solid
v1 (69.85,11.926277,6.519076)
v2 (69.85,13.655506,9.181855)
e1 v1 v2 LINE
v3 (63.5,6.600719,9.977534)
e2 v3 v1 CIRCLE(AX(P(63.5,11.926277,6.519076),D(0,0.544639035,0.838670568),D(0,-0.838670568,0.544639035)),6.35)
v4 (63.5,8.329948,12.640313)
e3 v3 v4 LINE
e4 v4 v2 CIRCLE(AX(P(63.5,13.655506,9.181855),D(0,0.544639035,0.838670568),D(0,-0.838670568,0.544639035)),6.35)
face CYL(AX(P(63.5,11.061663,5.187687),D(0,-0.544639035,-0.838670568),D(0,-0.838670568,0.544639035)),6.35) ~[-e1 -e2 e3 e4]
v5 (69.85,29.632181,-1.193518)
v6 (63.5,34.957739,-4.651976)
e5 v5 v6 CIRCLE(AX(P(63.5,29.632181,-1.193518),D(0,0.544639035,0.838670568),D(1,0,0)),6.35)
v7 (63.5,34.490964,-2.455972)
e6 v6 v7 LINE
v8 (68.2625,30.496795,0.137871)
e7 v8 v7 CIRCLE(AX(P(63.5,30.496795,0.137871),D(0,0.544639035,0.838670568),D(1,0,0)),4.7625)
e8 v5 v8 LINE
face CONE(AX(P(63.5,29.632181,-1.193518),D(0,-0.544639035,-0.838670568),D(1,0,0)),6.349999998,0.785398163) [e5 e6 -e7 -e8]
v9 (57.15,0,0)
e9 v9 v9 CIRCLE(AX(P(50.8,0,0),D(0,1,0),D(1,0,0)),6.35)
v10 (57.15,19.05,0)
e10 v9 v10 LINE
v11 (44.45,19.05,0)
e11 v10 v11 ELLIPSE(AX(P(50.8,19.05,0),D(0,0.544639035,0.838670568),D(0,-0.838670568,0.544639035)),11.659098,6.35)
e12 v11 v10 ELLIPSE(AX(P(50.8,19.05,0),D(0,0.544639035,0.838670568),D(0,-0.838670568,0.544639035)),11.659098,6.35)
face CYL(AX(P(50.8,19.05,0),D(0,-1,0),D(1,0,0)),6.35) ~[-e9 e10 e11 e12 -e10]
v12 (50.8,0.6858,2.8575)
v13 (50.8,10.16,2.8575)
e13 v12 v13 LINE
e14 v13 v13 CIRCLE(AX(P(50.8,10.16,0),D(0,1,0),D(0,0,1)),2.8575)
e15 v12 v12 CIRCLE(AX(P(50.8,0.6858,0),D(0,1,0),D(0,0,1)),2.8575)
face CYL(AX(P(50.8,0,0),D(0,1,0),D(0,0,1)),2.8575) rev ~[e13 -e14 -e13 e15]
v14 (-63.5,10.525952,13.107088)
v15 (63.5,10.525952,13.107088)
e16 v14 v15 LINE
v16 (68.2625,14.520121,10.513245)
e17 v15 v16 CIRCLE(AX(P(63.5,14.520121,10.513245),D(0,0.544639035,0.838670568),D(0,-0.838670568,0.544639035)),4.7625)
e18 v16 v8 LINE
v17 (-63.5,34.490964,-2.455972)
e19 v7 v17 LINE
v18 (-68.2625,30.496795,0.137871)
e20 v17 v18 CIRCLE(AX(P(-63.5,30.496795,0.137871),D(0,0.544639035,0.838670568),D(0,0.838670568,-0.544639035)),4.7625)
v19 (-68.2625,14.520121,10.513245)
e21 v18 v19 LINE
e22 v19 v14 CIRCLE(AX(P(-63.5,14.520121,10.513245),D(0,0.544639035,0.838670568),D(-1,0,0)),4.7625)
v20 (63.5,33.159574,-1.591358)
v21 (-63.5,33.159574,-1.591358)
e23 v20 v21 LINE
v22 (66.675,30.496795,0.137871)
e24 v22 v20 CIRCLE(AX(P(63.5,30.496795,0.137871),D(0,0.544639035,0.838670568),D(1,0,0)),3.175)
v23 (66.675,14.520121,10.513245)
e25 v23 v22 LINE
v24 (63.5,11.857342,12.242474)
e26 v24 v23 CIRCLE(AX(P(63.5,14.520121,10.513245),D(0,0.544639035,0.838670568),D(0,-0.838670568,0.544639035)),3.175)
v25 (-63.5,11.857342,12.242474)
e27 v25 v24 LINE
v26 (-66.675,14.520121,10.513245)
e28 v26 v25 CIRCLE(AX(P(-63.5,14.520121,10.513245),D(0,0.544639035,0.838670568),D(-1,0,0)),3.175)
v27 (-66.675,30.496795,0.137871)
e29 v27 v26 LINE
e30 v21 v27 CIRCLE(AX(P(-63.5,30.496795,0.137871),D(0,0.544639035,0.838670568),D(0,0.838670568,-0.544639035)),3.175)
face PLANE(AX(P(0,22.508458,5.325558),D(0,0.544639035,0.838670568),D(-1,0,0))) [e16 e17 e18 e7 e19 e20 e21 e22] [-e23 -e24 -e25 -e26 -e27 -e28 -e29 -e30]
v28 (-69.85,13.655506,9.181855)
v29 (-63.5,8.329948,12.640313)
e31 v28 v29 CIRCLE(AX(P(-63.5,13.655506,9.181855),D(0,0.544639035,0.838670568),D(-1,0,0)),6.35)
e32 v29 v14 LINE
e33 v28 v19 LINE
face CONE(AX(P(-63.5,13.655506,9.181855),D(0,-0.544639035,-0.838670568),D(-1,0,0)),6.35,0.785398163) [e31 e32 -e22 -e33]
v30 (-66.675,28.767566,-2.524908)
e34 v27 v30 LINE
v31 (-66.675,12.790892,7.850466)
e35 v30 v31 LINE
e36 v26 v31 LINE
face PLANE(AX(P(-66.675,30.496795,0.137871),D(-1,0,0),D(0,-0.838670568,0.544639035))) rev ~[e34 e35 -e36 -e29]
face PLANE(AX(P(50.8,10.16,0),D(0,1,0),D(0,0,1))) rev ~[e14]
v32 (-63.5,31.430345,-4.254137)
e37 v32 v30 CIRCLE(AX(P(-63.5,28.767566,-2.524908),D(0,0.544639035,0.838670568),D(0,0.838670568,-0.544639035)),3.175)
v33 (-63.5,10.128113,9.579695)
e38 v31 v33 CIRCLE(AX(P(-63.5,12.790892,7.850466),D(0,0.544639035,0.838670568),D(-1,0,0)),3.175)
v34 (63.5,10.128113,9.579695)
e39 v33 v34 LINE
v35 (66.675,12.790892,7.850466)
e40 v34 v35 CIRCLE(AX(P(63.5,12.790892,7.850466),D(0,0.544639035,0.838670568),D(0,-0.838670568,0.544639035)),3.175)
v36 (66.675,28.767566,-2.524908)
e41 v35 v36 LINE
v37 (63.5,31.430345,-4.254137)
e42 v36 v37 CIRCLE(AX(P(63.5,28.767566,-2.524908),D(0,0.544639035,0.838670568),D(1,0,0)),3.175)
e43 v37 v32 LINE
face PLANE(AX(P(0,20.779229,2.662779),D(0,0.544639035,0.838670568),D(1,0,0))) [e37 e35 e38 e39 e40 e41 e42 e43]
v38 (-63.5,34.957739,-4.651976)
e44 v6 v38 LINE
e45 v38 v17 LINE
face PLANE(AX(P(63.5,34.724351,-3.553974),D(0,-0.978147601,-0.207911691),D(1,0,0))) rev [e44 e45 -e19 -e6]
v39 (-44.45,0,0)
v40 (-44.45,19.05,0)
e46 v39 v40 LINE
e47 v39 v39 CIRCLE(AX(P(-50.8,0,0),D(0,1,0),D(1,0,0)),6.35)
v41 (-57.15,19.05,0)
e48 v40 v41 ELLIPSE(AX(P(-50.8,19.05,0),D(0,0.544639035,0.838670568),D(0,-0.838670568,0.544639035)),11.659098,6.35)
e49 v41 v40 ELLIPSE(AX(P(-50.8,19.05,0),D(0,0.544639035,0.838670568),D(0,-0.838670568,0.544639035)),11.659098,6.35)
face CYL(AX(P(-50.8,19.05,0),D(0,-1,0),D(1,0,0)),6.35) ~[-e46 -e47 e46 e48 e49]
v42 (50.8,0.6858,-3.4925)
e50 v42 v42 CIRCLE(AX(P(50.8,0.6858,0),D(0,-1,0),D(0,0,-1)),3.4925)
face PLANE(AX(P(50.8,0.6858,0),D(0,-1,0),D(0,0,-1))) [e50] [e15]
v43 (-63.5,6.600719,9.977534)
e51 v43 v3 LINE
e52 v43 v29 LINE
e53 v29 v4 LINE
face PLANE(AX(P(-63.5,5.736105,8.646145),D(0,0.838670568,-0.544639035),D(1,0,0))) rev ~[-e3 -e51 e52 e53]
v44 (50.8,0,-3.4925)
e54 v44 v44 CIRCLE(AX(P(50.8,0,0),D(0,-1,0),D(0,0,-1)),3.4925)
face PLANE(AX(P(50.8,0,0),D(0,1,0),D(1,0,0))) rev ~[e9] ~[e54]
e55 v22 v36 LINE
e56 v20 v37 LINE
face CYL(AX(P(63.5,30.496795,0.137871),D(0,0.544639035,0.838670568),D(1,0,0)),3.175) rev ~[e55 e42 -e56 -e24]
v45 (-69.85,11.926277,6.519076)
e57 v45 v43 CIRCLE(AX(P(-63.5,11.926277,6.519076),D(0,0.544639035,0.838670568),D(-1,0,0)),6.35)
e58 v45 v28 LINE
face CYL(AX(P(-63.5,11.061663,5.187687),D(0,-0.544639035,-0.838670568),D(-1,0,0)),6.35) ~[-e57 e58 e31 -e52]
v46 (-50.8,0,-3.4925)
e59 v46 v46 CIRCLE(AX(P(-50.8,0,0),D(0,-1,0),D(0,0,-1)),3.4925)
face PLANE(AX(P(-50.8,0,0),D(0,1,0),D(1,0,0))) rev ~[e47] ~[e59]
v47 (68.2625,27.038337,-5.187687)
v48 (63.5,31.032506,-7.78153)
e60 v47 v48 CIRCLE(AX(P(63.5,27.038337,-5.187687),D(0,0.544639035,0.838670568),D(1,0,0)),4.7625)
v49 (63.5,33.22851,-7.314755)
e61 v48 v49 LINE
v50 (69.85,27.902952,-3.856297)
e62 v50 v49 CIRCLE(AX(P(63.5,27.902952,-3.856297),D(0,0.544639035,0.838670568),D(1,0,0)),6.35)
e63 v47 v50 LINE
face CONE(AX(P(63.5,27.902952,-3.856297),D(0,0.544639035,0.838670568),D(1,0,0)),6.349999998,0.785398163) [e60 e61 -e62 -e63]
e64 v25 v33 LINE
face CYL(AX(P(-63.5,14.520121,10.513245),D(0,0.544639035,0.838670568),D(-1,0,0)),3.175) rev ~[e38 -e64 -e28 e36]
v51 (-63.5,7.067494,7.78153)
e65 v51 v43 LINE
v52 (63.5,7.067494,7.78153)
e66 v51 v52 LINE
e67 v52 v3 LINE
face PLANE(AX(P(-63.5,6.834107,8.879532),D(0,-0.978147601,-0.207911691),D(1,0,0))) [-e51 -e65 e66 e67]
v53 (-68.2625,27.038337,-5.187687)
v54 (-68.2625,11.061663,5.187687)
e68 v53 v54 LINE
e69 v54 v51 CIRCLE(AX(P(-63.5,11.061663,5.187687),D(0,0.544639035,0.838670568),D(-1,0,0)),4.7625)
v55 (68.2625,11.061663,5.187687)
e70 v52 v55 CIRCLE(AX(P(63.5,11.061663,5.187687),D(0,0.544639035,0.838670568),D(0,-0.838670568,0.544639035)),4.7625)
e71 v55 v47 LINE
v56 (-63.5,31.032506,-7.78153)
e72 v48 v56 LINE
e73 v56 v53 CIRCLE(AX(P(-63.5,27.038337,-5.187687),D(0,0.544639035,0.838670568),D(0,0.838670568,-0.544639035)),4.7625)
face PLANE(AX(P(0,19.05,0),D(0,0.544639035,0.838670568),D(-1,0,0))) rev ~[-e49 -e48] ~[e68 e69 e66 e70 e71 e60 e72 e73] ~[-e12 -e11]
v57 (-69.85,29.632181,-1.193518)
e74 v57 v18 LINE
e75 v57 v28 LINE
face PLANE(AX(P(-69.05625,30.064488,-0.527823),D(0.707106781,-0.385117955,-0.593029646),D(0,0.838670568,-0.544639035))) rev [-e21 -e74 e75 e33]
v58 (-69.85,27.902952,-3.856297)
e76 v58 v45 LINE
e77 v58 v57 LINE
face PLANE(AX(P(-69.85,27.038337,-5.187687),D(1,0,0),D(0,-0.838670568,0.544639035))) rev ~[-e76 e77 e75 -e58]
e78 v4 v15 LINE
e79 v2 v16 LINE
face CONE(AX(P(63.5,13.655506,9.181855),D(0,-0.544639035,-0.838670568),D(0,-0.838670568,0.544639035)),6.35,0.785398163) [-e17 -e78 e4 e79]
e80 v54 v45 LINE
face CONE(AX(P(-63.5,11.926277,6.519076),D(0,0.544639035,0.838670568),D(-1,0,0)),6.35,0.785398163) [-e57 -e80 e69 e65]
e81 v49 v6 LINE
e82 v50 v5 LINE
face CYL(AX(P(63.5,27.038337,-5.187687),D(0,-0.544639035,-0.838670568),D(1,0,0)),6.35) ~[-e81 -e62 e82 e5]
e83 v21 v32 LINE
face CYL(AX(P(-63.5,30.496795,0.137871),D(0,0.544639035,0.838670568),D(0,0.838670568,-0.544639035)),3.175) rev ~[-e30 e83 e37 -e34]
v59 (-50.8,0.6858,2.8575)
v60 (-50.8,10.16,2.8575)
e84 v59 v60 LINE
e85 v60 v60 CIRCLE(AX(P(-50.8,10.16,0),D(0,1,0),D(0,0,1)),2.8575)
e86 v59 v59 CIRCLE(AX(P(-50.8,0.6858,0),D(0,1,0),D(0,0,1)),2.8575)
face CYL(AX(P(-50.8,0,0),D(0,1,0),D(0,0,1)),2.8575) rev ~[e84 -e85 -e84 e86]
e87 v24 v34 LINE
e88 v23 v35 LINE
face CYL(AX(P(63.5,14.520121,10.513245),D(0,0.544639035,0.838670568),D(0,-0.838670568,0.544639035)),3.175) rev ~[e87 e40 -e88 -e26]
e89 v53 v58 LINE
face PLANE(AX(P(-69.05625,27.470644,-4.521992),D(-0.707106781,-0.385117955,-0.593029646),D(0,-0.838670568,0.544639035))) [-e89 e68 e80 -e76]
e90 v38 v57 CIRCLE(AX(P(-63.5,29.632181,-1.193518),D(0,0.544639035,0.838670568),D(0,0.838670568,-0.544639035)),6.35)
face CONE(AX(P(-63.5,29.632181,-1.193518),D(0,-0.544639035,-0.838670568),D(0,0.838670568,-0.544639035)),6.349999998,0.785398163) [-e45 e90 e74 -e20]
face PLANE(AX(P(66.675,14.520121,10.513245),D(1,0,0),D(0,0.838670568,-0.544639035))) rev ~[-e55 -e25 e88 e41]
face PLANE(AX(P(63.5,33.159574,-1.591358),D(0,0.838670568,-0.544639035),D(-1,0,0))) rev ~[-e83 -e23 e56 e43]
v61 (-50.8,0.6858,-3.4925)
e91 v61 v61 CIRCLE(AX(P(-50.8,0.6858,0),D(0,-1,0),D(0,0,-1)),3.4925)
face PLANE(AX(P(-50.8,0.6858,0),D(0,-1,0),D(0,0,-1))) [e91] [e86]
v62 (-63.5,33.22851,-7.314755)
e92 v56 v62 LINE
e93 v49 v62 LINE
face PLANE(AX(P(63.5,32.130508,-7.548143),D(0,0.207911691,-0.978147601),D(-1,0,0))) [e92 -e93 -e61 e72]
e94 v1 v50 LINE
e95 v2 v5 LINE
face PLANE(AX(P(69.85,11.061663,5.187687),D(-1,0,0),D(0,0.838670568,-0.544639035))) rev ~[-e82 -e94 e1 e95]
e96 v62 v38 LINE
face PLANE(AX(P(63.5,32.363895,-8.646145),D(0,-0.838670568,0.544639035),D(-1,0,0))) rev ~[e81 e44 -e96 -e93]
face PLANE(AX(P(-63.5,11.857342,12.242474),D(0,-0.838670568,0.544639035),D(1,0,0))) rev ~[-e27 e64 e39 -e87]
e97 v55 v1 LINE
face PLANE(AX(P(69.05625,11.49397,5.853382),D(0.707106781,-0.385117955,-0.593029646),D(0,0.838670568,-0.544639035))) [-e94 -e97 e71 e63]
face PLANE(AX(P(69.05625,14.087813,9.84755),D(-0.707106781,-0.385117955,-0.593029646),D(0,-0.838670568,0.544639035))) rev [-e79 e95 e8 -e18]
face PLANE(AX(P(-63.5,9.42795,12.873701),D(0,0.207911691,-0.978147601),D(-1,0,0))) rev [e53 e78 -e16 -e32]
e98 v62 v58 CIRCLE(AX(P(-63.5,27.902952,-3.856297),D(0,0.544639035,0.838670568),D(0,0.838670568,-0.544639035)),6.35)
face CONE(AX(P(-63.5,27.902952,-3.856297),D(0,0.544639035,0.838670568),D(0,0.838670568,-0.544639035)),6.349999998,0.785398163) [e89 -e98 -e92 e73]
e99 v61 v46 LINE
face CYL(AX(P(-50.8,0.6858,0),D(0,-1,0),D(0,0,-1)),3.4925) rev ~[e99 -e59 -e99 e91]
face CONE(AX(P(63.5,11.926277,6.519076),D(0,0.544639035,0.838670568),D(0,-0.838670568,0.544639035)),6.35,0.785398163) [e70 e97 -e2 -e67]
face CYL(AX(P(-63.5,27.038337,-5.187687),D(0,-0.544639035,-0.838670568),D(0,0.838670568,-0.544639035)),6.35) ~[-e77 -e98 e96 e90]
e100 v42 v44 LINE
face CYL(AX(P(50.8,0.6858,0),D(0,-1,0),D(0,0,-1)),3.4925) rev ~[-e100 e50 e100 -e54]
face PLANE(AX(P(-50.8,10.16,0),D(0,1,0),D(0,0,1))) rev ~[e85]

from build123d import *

# Parameters (mm, degrees)
SKETCH2_R             = 6.35
BOSS_EXTRUDE1_DEPTH   = 19.05
BOSS_EXTRUDE1_2_DEPTH = 19.05
BOSS_EXTRUDE2_DEPTH   = 6.35
BOSS_EXTRUDE3_REACH   = 75.737
CUT_EXTRUDE1_DEPTH    = 3.175
CHAMFER2_SIZE         = 1.5875
HOLE1_D               = 5.715
HOLE1_DEPTH           = 10.16
HOLE1_CBORE_D         = 6.985
HOLE1_CBORE_DEPTH     = 0.6858


with BuildPart() as part:
    # Sketch2 → Boss-Extrude1 (new body)
    with BuildSketch(Plane(origin=(0, 0, 0), x_dir=(1, 0, 0), z_dir=(0, 1, 0))):
        with Locations((-50.8, 0)):
            Circle(SKETCH2_R)
    extrude(amount=BOSS_EXTRUDE1_DEPTH)



with BuildPart() as body_2:
    # Sketch2 → Boss-Extrude1 2 (new body)
    with BuildSketch(Plane(origin=(0, 0, 0), x_dir=(1, 0, 0), z_dir=(0, 1, 0))):
        with Locations((50.8, 0)):
            Circle(SKETCH2_R)
    extrude(amount=BOSS_EXTRUDE1_2_DEPTH)


with BuildPart() as part_1:
    add(part.part)

    add(body_2.part)  # Boss-Extrude2 merges body 2
    # Sketch3 → Boss-Extrude2 (add)
    with BuildSketch(Plane(origin=(0, 5.650833475, 8.701520484), x_dir=(-1, 0, 0), z_dir=(0, 0.5446390350150281, 0.8386705679454234))):
        with BuildLine():
            ThreePointArc((-69.85, -25.501674319), (-67.990128061, -29.99180238), (-63.5, -31.851674319))
            Line((-63.5, -31.851674319), (63.5, -31.851674319))
            ThreePointArc((63.5, -31.851674319), (67.990128061, -29.99180238), (69.85, -25.501674319))
            Line((69.85, -25.501674319), (69.85, -6.451674319))
            ThreePointArc((69.85, -6.451674319), (67.990128061, -1.961546259), (63.5, -0.101674319))
            Line((63.5, -0.101674319), (-63.5, -0.101674319))
            ThreePointArc((-63.5, -0.101674319), (-67.990128061, -1.961546259), (-69.85, -6.451674319))
            Line((-69.85, -6.451674319), (-69.85, -25.501674319))
        make_face()
    extrude(amount=BOSS_EXTRUDE2_DEPTH)

    # Sketch8 → Boss-Extrude3 (add, up to next)
    with BuildSketch(Plane(origin=(0, 19.05, 0), x_dir=(1, 0, 0), z_dir=(0, 1, 0)), mode=Mode.PRIVATE) as boss_extrude3_sk1:
        with BuildLine():
            ThreePointArc((57.15, 0), (50.8, 6.35), (44.45, 0))
            Line((44.45, 0), (57.15, 0))
        make_face()
    boss_extrude3_tool1 = extrude(boss_extrude3_sk1.sketch, amount=BOSS_EXTRUDE3_REACH, mode=Mode.PRIVATE) - part_1.part
    # Sketch8 → Boss-Extrude3 (add, up to next)
    with BuildSketch(Plane(origin=(0, 19.05, 0), x_dir=(1, 0, 0), z_dir=(0, 1, 0)), mode=Mode.PRIVATE) as boss_extrude3_sk2:
        with BuildLine():
            ThreePointArc((-44.45, 0), (-50.8, 6.35), (-57.15, 0))
            Line((-57.15, 0), (-44.45, 0))
        make_face()
    boss_extrude3_tool2 = extrude(boss_extrude3_sk2.sketch, amount=BOSS_EXTRUDE3_REACH, mode=Mode.PRIVATE) - part_1.part
    add(boss_extrude3_tool1.solids().sort_by_distance((50.8, 19.05, -2.695024))[0])
    add(boss_extrude3_tool2.solids().sort_by_distance((-50.8, 19.05, -2.695024))[0])

    # Sketch9 → Cut-Extrude1 (cut)
    with BuildSketch(Plane(origin=(0, 9.109291347, 14.02707859), x_dir=(1, 0, 0), z_dir=(0, 0.5446390350150282, 0.8386705679454234))):
        with BuildLine():
            Line((63.5, 28.676674319), (-63.5, 28.676674319))
            ThreePointArc((-63.5, 28.676674319), (-65.74506403, 27.74673835), (-66.675, 25.501674319))
            Line((-66.675, 25.501674319), (-66.675, 6.451674319))
            ThreePointArc((-66.675, 6.451674319), (-65.74506403, 4.206610289), (-63.5, 3.276674319))
            Line((-63.5, 3.276674319), (63.5, 3.276674319))
            ThreePointArc((63.5, 3.276674319), (65.74506403, 4.206610289), (66.675, 6.451674319))
            Line((66.675, 6.451674319), (66.675, 25.501674319))
            ThreePointArc((66.675, 25.501674319), (65.74506403, 27.74673835), (63.5, 28.676674319))
        make_face()
    extrude(amount=-CUT_EXTRUDE1_DEPTH, mode=Mode.SUBTRACT)

    # Chamfer2
    chamfer2_edges = [part_1.edges().sort_by_distance(p)[0] for p in [
        (-69.85, 19.05, 0),
        (0, 32.363895266, -8.646144681),
        (69.85, 19.05, 0),
        (0, 5.736104734, 8.646144681),
        (0, 9.194562606, 13.971702787),
        (-69.85, 22.508457872, 5.325558106),
        (69.85, 22.508457872, 5.325558106),
        (0, 35.822353138, -3.320586574),
        (67.990128061, 30.80407541, -7.633185823),
        (-67.990128061, 30.80407541, -7.633185823),
        (67.990128061, 7.29592459, 7.633185823),
        (-67.990128061, 7.29592459, 7.633185823),
        (67.990128061, 10.754382462, 12.958743929),
        (-67.990128061, 10.754382462, 12.958743929),
        (67.990128061, 34.262533283, -2.307627716),
        (-67.990128061, 34.262533283, -2.307627716),
    ]]
    chamfer(chamfer2_edges, length=CHAMFER2_SIZE)

    # Hole1
    with Locations(Plane(origin=(-50.8, 0, 0), x_dir=(0, 0, -1), z_dir=(0, -1, 0))):
        with Locations((0, 0), (0, 101.6)):
            CounterBoreHole(HOLE1_D / 2, HOLE1_CBORE_D / 2, HOLE1_CBORE_DEPTH, depth=HOLE1_DEPTH)


solid = part_1.part
